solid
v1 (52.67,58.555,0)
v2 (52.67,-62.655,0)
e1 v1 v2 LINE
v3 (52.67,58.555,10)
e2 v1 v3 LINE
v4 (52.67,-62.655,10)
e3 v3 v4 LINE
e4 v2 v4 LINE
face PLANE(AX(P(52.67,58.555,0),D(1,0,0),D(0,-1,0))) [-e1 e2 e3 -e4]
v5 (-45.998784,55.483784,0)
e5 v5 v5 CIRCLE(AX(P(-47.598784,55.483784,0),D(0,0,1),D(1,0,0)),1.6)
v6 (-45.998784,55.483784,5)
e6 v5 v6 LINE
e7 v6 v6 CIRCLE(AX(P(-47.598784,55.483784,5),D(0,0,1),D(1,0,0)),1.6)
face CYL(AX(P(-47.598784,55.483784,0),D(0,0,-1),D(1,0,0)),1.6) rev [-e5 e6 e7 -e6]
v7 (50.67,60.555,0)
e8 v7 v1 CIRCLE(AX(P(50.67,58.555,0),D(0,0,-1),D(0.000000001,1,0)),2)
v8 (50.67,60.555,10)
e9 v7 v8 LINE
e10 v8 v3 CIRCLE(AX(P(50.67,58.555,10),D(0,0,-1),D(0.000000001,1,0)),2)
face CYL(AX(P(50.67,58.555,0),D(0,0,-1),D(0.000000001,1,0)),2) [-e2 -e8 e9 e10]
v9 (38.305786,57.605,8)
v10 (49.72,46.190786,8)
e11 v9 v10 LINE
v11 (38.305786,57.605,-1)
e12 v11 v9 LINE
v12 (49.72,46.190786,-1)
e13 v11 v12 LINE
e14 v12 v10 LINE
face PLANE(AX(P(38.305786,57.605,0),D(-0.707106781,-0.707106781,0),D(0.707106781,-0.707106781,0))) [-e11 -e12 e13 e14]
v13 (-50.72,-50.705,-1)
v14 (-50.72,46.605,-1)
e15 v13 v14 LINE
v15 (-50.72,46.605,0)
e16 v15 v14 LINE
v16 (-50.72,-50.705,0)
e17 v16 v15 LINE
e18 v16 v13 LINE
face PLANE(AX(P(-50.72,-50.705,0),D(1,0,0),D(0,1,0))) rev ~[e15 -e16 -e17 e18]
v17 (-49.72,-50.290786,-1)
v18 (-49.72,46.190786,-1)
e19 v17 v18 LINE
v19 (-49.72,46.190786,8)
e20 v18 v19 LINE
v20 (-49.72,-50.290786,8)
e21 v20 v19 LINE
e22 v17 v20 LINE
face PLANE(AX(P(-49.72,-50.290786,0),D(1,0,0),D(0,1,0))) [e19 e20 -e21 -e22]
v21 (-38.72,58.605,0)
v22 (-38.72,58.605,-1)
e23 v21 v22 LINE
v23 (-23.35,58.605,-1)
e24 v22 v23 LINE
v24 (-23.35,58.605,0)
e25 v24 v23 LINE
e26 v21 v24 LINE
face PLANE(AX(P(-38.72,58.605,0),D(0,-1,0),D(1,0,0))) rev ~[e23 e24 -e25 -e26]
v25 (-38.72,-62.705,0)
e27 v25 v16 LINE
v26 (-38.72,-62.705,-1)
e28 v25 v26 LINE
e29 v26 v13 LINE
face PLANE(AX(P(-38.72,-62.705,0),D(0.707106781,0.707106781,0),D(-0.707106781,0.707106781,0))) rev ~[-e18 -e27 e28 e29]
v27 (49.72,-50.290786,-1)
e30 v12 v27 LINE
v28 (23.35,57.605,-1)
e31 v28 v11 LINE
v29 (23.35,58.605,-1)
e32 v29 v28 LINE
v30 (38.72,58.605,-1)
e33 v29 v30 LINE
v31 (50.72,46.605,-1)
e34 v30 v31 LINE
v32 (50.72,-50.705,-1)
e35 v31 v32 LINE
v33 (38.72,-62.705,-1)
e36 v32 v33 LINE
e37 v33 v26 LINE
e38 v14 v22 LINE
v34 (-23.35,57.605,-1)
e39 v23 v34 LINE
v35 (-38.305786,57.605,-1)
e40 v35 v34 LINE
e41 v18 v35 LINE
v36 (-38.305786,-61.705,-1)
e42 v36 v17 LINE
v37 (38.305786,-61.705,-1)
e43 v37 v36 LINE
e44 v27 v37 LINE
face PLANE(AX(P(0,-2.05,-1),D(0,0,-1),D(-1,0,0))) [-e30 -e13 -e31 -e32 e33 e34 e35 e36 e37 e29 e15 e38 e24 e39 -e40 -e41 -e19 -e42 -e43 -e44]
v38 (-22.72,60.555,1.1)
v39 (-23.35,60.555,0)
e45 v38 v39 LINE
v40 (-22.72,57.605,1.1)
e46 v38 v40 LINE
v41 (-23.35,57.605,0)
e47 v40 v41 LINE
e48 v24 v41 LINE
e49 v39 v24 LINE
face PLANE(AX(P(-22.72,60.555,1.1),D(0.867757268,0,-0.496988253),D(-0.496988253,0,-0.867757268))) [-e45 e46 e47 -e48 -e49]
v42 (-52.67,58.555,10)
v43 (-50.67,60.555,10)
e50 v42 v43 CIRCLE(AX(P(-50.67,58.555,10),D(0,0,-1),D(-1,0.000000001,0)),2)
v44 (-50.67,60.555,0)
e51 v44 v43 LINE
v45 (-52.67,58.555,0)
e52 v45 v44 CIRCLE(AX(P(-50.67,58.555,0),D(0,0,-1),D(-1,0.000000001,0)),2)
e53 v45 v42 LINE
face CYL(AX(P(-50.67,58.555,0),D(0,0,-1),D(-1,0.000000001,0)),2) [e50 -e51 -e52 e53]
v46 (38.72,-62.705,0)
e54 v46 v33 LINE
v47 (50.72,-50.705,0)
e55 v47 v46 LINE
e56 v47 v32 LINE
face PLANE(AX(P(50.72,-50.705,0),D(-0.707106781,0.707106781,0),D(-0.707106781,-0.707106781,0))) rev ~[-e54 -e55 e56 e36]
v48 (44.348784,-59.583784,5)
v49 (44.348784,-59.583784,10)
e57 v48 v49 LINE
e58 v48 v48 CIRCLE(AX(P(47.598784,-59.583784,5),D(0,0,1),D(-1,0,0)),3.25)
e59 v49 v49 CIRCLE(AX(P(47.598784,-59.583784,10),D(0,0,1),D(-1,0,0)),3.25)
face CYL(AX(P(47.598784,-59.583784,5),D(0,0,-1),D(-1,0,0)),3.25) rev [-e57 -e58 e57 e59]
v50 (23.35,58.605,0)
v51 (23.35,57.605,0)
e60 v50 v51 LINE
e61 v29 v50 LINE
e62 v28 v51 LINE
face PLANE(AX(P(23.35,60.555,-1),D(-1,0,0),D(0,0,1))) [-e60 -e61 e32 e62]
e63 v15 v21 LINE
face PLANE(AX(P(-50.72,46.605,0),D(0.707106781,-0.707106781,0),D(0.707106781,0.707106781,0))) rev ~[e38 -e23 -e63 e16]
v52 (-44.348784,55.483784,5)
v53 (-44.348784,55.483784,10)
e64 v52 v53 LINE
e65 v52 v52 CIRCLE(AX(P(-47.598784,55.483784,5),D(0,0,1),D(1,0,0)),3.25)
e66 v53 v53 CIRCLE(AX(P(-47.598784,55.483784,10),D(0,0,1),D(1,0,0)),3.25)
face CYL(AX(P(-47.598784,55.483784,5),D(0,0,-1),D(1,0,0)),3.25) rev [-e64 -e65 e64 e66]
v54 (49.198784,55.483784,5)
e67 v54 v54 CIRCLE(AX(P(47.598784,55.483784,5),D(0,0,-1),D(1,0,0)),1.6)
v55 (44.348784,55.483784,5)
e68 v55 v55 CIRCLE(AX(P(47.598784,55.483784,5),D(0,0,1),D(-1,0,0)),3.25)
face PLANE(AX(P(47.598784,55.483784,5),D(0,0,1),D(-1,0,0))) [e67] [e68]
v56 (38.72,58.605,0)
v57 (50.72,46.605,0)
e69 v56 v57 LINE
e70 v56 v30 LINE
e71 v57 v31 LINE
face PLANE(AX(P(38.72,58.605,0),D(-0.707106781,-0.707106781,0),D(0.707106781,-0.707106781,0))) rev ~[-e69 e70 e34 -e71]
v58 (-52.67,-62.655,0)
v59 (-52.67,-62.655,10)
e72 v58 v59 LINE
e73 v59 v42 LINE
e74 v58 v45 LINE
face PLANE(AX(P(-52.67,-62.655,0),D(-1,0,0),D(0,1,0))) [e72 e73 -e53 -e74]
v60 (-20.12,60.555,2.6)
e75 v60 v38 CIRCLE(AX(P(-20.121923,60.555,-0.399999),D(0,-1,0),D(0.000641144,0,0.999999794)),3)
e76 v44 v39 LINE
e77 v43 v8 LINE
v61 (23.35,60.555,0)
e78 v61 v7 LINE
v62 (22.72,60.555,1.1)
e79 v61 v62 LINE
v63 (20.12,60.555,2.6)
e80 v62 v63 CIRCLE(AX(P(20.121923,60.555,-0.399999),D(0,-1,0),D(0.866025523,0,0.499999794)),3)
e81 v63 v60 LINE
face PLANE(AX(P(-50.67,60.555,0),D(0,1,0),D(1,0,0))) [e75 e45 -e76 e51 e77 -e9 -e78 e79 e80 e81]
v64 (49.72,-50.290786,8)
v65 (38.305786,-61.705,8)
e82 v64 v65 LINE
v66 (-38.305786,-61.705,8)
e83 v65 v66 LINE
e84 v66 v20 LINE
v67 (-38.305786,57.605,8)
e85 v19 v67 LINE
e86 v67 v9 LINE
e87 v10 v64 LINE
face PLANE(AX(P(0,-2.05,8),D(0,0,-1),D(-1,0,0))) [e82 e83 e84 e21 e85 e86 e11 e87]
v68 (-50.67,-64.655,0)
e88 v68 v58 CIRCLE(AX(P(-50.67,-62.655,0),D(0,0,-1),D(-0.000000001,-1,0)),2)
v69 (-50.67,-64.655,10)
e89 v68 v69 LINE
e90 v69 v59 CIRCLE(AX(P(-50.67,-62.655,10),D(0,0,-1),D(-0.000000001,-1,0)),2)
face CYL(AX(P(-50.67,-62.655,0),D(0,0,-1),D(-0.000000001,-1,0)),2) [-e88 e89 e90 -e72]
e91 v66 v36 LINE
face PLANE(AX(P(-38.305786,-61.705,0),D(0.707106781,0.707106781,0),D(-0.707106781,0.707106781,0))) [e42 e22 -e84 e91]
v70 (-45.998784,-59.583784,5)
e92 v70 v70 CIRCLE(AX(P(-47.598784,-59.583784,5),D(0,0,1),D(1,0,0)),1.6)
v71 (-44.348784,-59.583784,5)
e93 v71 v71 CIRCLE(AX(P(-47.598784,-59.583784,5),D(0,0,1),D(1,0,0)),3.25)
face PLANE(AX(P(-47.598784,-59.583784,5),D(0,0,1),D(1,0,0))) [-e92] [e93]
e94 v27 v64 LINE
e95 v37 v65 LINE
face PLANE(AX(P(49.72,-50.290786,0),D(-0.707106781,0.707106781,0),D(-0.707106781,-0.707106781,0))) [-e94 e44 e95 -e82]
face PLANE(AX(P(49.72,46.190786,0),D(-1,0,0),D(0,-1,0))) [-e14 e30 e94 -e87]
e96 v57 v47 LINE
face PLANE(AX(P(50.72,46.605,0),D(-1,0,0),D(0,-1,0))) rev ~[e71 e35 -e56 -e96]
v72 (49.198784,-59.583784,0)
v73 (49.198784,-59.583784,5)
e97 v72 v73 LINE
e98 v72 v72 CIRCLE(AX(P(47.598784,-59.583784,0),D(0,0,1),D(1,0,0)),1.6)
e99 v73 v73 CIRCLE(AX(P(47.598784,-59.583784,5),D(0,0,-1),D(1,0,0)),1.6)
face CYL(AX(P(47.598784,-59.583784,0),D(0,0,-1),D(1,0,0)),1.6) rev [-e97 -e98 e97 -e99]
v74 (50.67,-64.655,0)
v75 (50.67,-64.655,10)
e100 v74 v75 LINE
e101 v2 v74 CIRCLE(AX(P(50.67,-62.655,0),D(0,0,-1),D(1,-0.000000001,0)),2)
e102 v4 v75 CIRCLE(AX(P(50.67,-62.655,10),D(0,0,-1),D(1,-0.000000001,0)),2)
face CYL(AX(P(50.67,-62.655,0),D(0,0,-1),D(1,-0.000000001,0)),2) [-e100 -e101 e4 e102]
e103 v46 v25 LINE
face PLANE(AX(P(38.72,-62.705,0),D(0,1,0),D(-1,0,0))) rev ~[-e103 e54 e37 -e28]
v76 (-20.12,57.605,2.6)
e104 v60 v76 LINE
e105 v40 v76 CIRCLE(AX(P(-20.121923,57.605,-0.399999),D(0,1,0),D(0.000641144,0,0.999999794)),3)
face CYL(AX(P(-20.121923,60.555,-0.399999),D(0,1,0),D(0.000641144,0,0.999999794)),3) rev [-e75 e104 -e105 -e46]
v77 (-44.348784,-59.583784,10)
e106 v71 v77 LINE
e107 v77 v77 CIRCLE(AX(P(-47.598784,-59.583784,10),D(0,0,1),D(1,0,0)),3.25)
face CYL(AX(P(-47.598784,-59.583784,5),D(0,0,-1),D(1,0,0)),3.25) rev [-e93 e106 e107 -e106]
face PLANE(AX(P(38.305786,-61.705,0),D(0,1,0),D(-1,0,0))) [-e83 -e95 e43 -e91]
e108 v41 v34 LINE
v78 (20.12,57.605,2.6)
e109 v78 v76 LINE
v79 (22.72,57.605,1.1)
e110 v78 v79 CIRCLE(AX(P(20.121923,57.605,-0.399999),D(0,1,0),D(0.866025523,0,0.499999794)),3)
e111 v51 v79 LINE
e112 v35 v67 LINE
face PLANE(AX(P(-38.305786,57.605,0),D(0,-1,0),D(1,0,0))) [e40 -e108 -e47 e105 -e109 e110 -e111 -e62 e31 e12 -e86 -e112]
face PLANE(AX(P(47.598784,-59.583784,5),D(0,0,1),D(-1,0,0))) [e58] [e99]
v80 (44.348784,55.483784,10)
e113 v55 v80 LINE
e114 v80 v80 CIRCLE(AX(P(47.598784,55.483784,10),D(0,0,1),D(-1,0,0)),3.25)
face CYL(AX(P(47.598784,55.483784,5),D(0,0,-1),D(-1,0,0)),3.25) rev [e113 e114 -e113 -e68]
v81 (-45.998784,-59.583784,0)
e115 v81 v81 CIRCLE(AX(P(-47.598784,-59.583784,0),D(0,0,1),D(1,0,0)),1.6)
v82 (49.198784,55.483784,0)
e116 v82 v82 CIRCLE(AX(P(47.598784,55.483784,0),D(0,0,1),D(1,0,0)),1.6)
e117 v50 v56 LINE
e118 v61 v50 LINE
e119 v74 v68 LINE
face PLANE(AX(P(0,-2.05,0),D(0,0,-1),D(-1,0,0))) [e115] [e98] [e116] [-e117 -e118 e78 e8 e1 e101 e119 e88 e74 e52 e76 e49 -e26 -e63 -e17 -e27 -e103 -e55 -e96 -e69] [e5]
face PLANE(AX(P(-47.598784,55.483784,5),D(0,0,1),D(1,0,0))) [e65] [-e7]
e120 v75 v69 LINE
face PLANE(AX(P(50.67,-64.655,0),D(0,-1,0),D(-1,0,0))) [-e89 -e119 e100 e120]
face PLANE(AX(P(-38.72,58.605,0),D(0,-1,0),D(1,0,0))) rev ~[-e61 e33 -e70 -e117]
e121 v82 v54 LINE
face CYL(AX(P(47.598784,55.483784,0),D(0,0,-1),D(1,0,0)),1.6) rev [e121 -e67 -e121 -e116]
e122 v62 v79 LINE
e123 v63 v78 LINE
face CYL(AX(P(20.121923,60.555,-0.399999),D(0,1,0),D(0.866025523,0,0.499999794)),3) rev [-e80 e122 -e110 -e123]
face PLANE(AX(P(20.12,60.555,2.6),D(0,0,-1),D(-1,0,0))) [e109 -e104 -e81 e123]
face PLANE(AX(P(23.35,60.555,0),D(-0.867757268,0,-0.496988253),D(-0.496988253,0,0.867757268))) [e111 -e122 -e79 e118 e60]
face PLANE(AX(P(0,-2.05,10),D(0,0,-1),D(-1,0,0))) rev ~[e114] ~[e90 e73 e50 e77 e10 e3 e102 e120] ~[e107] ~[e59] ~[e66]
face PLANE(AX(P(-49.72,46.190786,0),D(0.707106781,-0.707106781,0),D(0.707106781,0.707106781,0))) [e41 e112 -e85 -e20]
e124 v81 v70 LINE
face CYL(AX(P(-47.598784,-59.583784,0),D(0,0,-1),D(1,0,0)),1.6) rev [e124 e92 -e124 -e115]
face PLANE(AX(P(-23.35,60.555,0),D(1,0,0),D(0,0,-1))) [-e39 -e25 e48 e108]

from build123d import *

# Parameters (mm, degrees)
ESQUISSE1_R       = 1.6
WALLS_DEPTH       = 10
CENTRAGE_DEPTH    = 1
PASSAGE_CMC_REACH = 138.205
COUVERCLE_DEPTH   = 2
PASSAGE_M3_START  = -5
ESQUISSE5_R       = 3.25
ESQUISSE5_R_2     = 1.6
PASSAGE_M3_DEPTH  = 5


with BuildPart() as part:
    # Esquisse1 → Walls (new body)
    with BuildSketch(Plane.XY):
        with BuildLine():
            Line((-50.67, 60.555), (50.67, 60.555))
            ThreePointArc((50.67, 60.555), (52.084213562, 59.969213562), (52.67, 58.555))
            Line((52.67, 58.555), (52.67, -62.655))
            ThreePointArc((52.67, -62.655), (52.084213562, -64.069213562), (50.67, -64.655))
            Line((50.67, -64.655), (-50.67, -64.655))
            ThreePointArc((-50.67, -64.655), (-52.084213562, -64.069213562), (-52.67, -62.655))
            Line((-52.67, -62.655), (-52.67, 58.555))
            ThreePointArc((-52.67, 58.555), (-52.084213562, 59.969213562), (-50.67, 60.555))
        make_face()
        with Locations((-47.598784258, -59.583784258)):
            Circle(ESQUISSE1_R, mode=Mode.SUBTRACT)
        with Locations((47.598784258, -59.583784258)):
            Circle(ESQUISSE1_R, mode=Mode.SUBTRACT)
        with Locations((47.598784258, 55.483784258)):
            Circle(ESQUISSE1_R, mode=Mode.SUBTRACT)
        with Locations((-47.598784258, 55.483784258)):
            Circle(ESQUISSE1_R, mode=Mode.SUBTRACT)
        Polygon((-49.72, 46.190786438), (-38.305786438, 57.605), (38.305786438, 57.605), (49.72, 46.190786438), (49.72, -50.290786438), (38.305786438, -61.705), (-38.305786438, -61.705), (-49.72, -50.290786438), align=None, mode=Mode.SUBTRACT)
    extrude(amount=WALLS_DEPTH)

    # Esquisse1<5> → Centrage (add)
    with BuildSketch(Plane.XY):
        Polygon((-50.72, 46.605), (-38.72, 58.605), (38.72, 58.605), (50.72, 46.605), (50.72, -50.705), (38.72, -62.705), (-38.72, -62.705), (-50.72, -50.705), align=None)
        Polygon((-38.305786438, -61.705), (-49.72, -50.290786438), (-49.72, 46.190786438), (-38.305786438, 57.605), (38.305786438, 57.605), (49.72, 46.190786438), (49.72, -50.290786438), (38.305786438, -61.705), align=None, mode=Mode.SUBTRACT)
    extrude(amount=-CENTRAGE_DEPTH)

    # Esquisse2 → Passage_CMC (cut, up to next)
    with BuildSketch(Plane(origin=(0, 60.555, 0), x_dir=(1, 0, 0), z_dir=(0, 1, 0)), mode=Mode.PRIVATE) as passage_cmc_sk1:
        with BuildLine():
            Line((-23.35, 1), (23.35, 1))
            Line((23.35, 1), (23.35, 0))
            Line((23.35, 0), (22.72, -1.1))
            ThreePointArc((22.72, -1.1), (21.621090793, -2.198557375), (20.12, -2.6))
            Line((20.12, -2.6), (-20.12, -2.6))
            ThreePointArc((-20.12, -2.6), (-21.621090793, -2.198557375), (-22.72, -1.1))
            Line((-22.72, -1.1), (-23.35, 0))
            Line((-23.35, 0), (-23.35, 1))
        make_face()
    passage_cmc_tool1 = extrude(passage_cmc_sk1.sketch, amount=-PASSAGE_CMC_REACH, mode=Mode.PRIVATE) & part.part
    add(passage_cmc_tool1.solids().sort_by_distance((0, 60.555, 0.768983))[0], mode=Mode.SUBTRACT)

    # Esquisse4 → Couvercle (add)
    with BuildSketch(Plane.XY.offset(10)):
        Polygon((-49.72, -50.290786438), (-49.72, 46.190786438), (-38.305786438, 57.605), (38.305786438, 57.605), (49.72, 46.190786438), (49.72, -50.290786438), (38.305786438, -61.705), (-38.305786438, -61.705), align=None)
    extrude(amount=-COUVERCLE_DEPTH)

    # Esquisse5 → Passage_M3 (cut)
    # profile 1 of 4: a face of its own
    with BuildSketch(Plane.XY.offset(10).offset(PASSAGE_M3_START)):
        with Locations((-47.598784258, -59.583784258)):
            Circle(ESQUISSE5_R)
        with Locations((-47.598784258, -59.583784258)):
            Circle(ESQUISSE5_R_2, mode=Mode.SUBTRACT)
    # profile 2 of 4: a face of its own
    with BuildSketch(Plane.XY.offset(10).offset(PASSAGE_M3_START)):
        with Locations((-47.598784258, 55.483784258)):
            Circle(ESQUISSE5_R)
        with Locations((-47.598784258, 55.483784258)):
            Circle(ESQUISSE5_R_2, mode=Mode.SUBTRACT)
    # profile 3 of 4: a face of its own
    with BuildSketch(Plane.XY.offset(10).offset(PASSAGE_M3_START)):
        with Locations(Location((47.598784258, 55.483784258, 0), (0, 0, 180))):
            Circle(ESQUISSE5_R)
        with Locations(Location((47.598784258, 55.483784258, 0), (0, 0, 180))):
            Circle(ESQUISSE5_R_2, mode=Mode.SUBTRACT)
    # profile 4 of 4: a face of its own
    with BuildSketch(Plane.XY.offset(10).offset(PASSAGE_M3_START)):
        with Locations(Location((47.598784258, -59.583784258, 0), (0, 0, 180))):
            Circle(ESQUISSE5_R)
        with Locations(Location((47.598784258, -59.583784258, 0), (0, 0, 180))):
            Circle(ESQUISSE5_R_2, mode=Mode.SUBTRACT)
    extrude(amount=PASSAGE_M3_DEPTH, mode=Mode.SUBTRACT)


solid = part.part
